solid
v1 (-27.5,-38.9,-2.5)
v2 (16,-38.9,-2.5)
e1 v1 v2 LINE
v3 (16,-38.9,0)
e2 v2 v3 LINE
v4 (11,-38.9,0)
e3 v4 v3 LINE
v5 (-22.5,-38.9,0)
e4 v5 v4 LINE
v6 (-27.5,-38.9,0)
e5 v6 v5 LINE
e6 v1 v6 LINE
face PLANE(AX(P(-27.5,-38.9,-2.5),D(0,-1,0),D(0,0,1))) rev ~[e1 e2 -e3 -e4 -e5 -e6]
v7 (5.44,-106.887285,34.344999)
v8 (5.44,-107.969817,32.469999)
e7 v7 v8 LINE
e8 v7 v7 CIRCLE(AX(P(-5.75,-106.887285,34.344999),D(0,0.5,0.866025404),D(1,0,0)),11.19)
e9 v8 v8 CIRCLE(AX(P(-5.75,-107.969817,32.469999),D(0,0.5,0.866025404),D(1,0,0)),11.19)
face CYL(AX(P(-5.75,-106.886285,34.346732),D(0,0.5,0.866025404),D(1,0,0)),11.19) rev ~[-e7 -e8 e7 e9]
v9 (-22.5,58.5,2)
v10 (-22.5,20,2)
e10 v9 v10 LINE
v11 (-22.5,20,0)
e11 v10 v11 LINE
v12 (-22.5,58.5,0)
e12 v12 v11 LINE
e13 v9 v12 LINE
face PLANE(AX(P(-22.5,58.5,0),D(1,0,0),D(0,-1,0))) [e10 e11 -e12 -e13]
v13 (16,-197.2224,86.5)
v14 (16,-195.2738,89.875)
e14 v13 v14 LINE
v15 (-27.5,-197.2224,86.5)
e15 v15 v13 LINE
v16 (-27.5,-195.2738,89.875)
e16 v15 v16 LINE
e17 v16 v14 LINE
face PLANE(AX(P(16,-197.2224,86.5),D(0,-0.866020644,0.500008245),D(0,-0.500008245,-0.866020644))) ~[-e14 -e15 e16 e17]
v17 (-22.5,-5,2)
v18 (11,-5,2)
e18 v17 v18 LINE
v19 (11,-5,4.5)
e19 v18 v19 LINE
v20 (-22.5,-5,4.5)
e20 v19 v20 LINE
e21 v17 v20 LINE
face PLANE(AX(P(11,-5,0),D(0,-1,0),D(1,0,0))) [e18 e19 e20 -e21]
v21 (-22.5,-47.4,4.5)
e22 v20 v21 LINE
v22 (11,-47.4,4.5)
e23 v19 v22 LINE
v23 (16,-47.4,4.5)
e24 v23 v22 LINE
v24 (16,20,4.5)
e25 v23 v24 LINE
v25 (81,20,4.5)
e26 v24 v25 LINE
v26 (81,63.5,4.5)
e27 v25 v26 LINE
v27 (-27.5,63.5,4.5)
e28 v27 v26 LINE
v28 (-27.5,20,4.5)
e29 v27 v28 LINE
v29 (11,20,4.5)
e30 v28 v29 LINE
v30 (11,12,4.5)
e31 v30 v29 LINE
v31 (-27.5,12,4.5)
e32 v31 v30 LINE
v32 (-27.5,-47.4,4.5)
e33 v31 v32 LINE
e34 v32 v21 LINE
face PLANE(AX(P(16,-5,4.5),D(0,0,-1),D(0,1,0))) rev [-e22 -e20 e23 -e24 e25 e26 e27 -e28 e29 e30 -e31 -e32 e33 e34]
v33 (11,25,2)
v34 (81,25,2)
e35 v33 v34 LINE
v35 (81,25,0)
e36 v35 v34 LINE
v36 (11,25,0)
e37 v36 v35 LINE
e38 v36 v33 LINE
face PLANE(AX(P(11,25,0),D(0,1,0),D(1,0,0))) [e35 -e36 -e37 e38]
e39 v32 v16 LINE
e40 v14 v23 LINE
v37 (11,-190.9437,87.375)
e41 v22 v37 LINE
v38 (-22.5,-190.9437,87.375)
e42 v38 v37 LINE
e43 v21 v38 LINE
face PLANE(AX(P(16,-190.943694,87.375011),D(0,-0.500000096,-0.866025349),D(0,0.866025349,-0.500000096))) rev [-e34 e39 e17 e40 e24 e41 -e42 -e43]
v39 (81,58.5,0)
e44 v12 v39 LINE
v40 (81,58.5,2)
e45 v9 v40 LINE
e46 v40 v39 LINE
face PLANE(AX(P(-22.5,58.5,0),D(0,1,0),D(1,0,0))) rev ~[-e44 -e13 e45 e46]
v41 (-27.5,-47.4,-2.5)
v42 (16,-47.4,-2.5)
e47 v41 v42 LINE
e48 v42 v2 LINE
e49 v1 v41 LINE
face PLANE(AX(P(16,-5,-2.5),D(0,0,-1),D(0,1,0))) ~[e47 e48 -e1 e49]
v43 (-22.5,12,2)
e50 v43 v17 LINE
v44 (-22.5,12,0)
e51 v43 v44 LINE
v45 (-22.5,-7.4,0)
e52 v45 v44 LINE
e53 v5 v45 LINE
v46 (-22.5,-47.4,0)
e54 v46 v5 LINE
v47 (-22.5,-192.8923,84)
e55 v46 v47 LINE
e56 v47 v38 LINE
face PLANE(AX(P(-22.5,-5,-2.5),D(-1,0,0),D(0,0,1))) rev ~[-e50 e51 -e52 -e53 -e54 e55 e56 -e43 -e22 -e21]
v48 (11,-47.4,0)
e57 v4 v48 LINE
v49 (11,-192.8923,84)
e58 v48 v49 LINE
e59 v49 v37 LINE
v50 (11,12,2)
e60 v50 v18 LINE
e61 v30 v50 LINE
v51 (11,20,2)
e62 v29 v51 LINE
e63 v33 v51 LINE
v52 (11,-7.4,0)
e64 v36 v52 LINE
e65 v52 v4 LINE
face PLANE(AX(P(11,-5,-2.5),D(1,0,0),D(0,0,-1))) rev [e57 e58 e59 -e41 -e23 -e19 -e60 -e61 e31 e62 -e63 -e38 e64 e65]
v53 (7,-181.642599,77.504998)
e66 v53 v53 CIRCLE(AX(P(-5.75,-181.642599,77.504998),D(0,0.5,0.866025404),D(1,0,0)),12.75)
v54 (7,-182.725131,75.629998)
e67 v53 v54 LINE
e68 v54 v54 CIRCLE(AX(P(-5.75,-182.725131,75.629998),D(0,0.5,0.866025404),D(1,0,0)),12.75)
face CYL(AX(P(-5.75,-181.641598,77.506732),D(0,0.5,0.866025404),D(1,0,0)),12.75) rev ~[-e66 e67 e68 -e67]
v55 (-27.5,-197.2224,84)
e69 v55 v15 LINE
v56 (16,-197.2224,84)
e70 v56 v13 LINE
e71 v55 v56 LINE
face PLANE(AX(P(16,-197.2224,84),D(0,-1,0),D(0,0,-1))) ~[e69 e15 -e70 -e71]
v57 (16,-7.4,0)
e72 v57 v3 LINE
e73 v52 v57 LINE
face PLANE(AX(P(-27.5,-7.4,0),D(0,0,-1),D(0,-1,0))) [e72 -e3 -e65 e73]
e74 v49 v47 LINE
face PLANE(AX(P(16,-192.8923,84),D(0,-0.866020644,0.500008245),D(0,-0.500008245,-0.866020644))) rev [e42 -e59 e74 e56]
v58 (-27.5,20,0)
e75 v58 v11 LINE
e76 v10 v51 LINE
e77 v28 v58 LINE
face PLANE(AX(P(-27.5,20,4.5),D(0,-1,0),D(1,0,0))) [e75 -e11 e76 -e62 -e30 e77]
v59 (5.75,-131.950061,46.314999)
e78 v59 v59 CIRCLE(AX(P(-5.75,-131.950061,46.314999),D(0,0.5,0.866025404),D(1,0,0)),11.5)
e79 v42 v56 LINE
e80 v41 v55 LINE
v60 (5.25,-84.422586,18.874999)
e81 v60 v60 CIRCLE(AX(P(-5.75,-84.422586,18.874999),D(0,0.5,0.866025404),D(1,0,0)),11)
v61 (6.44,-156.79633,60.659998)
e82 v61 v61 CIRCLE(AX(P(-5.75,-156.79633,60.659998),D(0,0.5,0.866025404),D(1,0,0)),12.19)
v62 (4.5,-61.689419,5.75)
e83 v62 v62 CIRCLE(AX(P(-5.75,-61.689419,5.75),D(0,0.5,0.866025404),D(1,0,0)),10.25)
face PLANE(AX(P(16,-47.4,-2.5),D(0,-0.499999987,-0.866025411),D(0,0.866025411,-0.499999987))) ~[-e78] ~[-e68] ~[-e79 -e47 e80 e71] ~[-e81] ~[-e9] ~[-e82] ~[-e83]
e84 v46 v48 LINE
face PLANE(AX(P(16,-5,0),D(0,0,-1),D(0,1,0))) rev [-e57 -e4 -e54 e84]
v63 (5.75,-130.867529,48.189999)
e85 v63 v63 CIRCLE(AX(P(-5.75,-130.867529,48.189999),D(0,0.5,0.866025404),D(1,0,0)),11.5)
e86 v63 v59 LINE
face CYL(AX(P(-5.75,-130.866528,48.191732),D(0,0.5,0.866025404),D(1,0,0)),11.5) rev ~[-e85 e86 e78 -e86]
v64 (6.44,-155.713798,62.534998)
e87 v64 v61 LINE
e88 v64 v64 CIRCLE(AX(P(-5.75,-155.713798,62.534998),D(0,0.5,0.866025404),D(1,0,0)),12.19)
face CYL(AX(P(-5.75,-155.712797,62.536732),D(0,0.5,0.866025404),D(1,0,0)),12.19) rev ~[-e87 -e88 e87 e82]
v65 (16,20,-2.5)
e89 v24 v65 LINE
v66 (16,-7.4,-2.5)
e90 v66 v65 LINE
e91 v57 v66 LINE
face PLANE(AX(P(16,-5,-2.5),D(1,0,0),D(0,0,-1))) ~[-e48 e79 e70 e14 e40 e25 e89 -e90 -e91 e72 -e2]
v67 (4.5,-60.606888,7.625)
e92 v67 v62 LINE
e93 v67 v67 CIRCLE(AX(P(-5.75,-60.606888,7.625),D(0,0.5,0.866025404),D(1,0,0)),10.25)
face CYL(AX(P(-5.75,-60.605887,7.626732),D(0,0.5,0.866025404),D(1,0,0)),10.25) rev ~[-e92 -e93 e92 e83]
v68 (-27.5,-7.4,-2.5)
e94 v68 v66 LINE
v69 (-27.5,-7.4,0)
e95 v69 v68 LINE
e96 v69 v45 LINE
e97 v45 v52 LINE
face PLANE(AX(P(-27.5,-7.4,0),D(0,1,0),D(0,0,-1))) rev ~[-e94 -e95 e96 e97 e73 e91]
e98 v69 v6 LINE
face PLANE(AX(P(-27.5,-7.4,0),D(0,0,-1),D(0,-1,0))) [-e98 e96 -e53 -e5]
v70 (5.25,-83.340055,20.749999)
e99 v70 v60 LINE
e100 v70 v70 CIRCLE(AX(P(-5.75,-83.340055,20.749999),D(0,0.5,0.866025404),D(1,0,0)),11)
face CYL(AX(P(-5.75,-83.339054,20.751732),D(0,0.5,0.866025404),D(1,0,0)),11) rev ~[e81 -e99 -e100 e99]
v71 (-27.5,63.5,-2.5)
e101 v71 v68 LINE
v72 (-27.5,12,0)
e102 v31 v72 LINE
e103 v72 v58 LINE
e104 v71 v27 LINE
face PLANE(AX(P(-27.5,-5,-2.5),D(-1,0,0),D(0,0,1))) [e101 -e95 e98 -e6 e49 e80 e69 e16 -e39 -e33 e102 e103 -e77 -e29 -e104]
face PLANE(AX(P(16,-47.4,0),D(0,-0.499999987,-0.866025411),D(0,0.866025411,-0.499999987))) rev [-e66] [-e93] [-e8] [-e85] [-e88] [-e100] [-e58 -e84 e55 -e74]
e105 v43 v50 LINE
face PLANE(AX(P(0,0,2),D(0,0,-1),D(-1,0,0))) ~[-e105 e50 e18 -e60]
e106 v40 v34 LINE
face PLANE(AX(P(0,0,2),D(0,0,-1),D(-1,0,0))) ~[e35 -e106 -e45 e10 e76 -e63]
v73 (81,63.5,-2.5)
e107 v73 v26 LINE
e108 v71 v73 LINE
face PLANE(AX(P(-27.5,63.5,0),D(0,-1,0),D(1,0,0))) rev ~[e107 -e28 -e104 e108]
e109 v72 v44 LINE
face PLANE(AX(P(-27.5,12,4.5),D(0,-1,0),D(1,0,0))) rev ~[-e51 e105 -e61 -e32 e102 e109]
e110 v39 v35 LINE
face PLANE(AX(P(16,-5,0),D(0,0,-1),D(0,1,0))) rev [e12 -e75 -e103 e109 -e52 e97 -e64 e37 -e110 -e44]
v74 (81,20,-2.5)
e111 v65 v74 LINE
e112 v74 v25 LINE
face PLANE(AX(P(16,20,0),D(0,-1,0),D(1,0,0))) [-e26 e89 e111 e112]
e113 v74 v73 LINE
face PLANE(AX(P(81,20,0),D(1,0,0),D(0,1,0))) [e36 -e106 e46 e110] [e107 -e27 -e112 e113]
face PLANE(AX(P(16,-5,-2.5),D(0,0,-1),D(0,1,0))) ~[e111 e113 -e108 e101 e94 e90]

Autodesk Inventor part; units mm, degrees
ref_plane "YZ Plane" through (0, 0, 0) normal (1, 0, 0) x (0, 1, 0)
ref_plane "XZ Plane" through (0, 0, 0) normal (0, 1, 0) x (-1, 0, 0)
sketch "Boceto1" plane through (0, 0, 0) normal (0, 0, 1) x (1, 0, 0)
  line L0 (81, 20) -> (81, 63.5)
  line L1 (-27.5, 63.5) -> (-27.5, -5)
  line L2 (-27.5, -5) -> (16, -5)
  line L3 (16, -5) -> (16, 20)
  line L4 (11, 25) -> (11, -5)
  line L5 (-22.5, 58.5) -> (-22.5, -5)
  line L6 (11, 25) -> (81, 25)
  line L7 (-27.5, 63.5) -> (81, 63.5)
  line L8 (-22.5, 58.5) -> (81, 58.5)
  line L9 (16, 20) -> (81, 20)
  point P0 (0, 0)
  dimension "d7" = 5
  dimension "d68" = 5
  dimension "d69" = 33.5
  dimension "d74" = 5
  dimension "d75" = 33.5
  dimension "d76" = 5
  dimension "d77" = 70
  dimension "d111" = 30
extrude "Extrusión1" add sketch "Boceto1" against normal blind 2.5
extrude "Extrusión2" add sketch "Boceto1" along normal blind 1 contours L9 L3 L2 L4 L6 L0 | L8 L5 L2 L1 L7 L0
ref_plane "Plano de trabajo3" through (29.25, 58.5, 1) normal (0, 0, 1) x (1, 0, 0)
mirror "Simetría3" about plane through (29.25, 58.5, 1) normal (0, 0, 1) of "Extrusión2", "Extrusión1"
sketch "Boceto6" plane through (-27.5, 63.5, 4.5) normal (0, 0, 1) x (1, 0, 0)
  line L0 (108.5, -43.5) -> (43.5, -43.5) projected
  line L1 (0, -68.5) -> (0, 0) projected
  line L2 (0, -43.5) -> (0, -51.5)
  line L3 (43.5, -43.5) -> (43.5, -68.5) projected
  line L4 (0, -43.5) -> (38.5, -43.5)
  line L5 (38.5, -68.5) -> (38.5, -38.5) projected
  line L6 (0, -51.5) -> (38.5, -51.5)
  line L7 (38.5, -43.5) -> (38.5, -51.5)
  point P0 (27.5, -63.5)
  point P1 (43.5, -51.5)
  dimension "d78" = 8
extrude "Extrusión11" cut sketch "Boceto6" against normal blind 4.5
sketch "Boceto7" plane through (-27.5, -5, -2.5) normal (-1, 0, 0) x (0, 0, 1)
  line L0 (0, 0) -> (0, 68.5) projected
  line L1 (0, 0) -> (0, -42.4)
  line L2 (0, 0) -> (7, 0) projected
  line L3 (0, 0) -> (7, 0)
  line L4 (7, 0) -> (7, -42.4)
  line L5 (0, -42.4) -> (86.5, -192.2224)
  line L6 (86.5, -192.2224) -> (89, -192.2224)
  line L7 (89, -192.2224) -> (92.375, -190.2738)
  line L8 (2.5, 0) -> (2.5, -42.4)
  line L9 (0, 0) -> (7, 0) projected
  line L10 (0, 0) -> (2.5, 0)
  line L11 (86.5, -192.2224) -> (89, -192.2224)
  line L12 (89, -192.2224) -> (92.375, -190.2738)
  line L13 (2.5, -42.4) -> (89, -192.2224)
  line L14 (0, -42.4) -> (-1.0904, -42.4)
  line L15 (7, -42.4) -> (92.375, -190.2738)
  line L16 (86.5, -187.8923) -> (89.875, -185.9437)
  point P0 (2.5, 5)
  point P1 (4.5, 0)
  point P2 (-0.5452, -42.4)
  dimension "d81" = 42.4
  dimension "d82" = 173
  dimension "d88" = 120
  dimension "d108" = 5
ref_plane "Plano de trabajo4" through (-5.75, -5, -2.5) normal (1, 0, 0) x (0, 0, -1)
extrude "Extrusión12" add sketch "Boceto7" against normal blind 21.75 contours L2 L8 L13 L6 L5 L1
extrude "Extrusión13" add sketch "Boceto7" against normal blind 5 contours L2 L4 L15 L16 L13 L8
extrude "Extrusión14" add sketch "Boceto7" against normal blind 21.75 contours L13 L16 L15 L7
mirror "Simetría4" about plane through (-5.75, -5, -2.5) normal (1, 0, 0) of "Extrusión12", "Extrusión13", "Extrusión14"
sketch "Boceto8" plane through (-22.5, -47.4, 0) normal (0, 0.5, 0.866) x (1, 0, 0)
  line L0 (0, 0) -> (33.5, 0) projected
  line L1 (16.75, 0) -> (16.75, -5)
  circle A0 centre (16.75, -15.25) radius 10.25
  line L2 (16.75, -25.5) -> (16.75, -30.5)
  circle A1 centre (16.75, -41.5) radius 11
  line L3 (16.75, -52.5) -> (16.75, -57.5)
  circle A2 centre (16.75, -68.69) radius 11.19
  line L4 (16.75, -79.88) -> (16.75, -84.88)
  circle A3 centre (16.75, -96.38) radius 11.5
  line L5 (16.75, -107.88) -> (16.75, -112.88)
  circle A4 centre (16.75, -125.07) radius 12.19
  line L6 (16.75, -137.26) -> (16.75, -142.26)
  circle A5 centre (16.75, -155.01) radius 12.75
  point P0 (22.5, 41.0496)
  dimension "d105" = 25.5
  dimension "d94" = 5
  dimension "d95" = 20.5
  dimension "d96" = 5
  dimension "d97" = 5
  dimension "d98" = 5
  dimension "d99" = 5
  dimension "d100" = 5
  dimension "d101" = 22
  dimension "d102" = 22.38
  dimension "d103" = 23
  dimension "d104" = 24.38
extrude "Extrusión15" cut sketch "Boceto8" against normal blind 21.75
sketch "Boceto9" plane through (-27.5, 63.5, -2.5) normal (-1, 0, 0) x (0, 0, 1)
  line L0 (2.5, -51.5) -> (2.5, -110.9) projected
  line L1 (0, 0) -> (0, -110.9) projected
  line L2 (0, -110.9) -> (2.5, -110.9)
  line L3 (2.5, -110.9) -> (2.5, -70.9)
  line L4 (2.5, -70.9) -> (0, -70.9)
  line L5 (0, -70.9) -> (0, -110.9)
  line L6 (0, -43.5) -> (0, -110.9) projected
  line L7 (0, -102.4) -> (2.5, -102.4)
  point P0 (2.5, -63.5)
  point P1 (7, -110.9)
  dimension "d109" = 2.5
  dimension "d110" = 40
  dimension "d112" = 31.5
extrude "Extrusión16" cut sketch "Boceto9" against normal through all contours L0 L7 L1 L4
equation "\"d105\" = UnSol"
equation "\"d94\" = razon"
equation "\"d95\" = diezcen"
equation "\"d96\" = razon"
equation "\"d97\" = razon"
equation "\"d98\" = razon"
equation "\"d99\" = razon"
equation "\"d100\" = razon"
equation "\"d101\" = cincuentacen"
equation "\"d102\" = dossol"
equation "\"d103\" = veintecen"
equation "\"d104\" = cincosol"
equation "\"UnSol\" = 25.5"
equation "\"diezcen\" = 20.5"
equation "\"veintecen\" = 23"
equation "\"cincuentacen\" = 22"
equation "\"dossol\" = 22.38"
equation "\"cincosol\" = 24.38"
equation "\"razon\" = 5"
properties part number "Maquinita"
